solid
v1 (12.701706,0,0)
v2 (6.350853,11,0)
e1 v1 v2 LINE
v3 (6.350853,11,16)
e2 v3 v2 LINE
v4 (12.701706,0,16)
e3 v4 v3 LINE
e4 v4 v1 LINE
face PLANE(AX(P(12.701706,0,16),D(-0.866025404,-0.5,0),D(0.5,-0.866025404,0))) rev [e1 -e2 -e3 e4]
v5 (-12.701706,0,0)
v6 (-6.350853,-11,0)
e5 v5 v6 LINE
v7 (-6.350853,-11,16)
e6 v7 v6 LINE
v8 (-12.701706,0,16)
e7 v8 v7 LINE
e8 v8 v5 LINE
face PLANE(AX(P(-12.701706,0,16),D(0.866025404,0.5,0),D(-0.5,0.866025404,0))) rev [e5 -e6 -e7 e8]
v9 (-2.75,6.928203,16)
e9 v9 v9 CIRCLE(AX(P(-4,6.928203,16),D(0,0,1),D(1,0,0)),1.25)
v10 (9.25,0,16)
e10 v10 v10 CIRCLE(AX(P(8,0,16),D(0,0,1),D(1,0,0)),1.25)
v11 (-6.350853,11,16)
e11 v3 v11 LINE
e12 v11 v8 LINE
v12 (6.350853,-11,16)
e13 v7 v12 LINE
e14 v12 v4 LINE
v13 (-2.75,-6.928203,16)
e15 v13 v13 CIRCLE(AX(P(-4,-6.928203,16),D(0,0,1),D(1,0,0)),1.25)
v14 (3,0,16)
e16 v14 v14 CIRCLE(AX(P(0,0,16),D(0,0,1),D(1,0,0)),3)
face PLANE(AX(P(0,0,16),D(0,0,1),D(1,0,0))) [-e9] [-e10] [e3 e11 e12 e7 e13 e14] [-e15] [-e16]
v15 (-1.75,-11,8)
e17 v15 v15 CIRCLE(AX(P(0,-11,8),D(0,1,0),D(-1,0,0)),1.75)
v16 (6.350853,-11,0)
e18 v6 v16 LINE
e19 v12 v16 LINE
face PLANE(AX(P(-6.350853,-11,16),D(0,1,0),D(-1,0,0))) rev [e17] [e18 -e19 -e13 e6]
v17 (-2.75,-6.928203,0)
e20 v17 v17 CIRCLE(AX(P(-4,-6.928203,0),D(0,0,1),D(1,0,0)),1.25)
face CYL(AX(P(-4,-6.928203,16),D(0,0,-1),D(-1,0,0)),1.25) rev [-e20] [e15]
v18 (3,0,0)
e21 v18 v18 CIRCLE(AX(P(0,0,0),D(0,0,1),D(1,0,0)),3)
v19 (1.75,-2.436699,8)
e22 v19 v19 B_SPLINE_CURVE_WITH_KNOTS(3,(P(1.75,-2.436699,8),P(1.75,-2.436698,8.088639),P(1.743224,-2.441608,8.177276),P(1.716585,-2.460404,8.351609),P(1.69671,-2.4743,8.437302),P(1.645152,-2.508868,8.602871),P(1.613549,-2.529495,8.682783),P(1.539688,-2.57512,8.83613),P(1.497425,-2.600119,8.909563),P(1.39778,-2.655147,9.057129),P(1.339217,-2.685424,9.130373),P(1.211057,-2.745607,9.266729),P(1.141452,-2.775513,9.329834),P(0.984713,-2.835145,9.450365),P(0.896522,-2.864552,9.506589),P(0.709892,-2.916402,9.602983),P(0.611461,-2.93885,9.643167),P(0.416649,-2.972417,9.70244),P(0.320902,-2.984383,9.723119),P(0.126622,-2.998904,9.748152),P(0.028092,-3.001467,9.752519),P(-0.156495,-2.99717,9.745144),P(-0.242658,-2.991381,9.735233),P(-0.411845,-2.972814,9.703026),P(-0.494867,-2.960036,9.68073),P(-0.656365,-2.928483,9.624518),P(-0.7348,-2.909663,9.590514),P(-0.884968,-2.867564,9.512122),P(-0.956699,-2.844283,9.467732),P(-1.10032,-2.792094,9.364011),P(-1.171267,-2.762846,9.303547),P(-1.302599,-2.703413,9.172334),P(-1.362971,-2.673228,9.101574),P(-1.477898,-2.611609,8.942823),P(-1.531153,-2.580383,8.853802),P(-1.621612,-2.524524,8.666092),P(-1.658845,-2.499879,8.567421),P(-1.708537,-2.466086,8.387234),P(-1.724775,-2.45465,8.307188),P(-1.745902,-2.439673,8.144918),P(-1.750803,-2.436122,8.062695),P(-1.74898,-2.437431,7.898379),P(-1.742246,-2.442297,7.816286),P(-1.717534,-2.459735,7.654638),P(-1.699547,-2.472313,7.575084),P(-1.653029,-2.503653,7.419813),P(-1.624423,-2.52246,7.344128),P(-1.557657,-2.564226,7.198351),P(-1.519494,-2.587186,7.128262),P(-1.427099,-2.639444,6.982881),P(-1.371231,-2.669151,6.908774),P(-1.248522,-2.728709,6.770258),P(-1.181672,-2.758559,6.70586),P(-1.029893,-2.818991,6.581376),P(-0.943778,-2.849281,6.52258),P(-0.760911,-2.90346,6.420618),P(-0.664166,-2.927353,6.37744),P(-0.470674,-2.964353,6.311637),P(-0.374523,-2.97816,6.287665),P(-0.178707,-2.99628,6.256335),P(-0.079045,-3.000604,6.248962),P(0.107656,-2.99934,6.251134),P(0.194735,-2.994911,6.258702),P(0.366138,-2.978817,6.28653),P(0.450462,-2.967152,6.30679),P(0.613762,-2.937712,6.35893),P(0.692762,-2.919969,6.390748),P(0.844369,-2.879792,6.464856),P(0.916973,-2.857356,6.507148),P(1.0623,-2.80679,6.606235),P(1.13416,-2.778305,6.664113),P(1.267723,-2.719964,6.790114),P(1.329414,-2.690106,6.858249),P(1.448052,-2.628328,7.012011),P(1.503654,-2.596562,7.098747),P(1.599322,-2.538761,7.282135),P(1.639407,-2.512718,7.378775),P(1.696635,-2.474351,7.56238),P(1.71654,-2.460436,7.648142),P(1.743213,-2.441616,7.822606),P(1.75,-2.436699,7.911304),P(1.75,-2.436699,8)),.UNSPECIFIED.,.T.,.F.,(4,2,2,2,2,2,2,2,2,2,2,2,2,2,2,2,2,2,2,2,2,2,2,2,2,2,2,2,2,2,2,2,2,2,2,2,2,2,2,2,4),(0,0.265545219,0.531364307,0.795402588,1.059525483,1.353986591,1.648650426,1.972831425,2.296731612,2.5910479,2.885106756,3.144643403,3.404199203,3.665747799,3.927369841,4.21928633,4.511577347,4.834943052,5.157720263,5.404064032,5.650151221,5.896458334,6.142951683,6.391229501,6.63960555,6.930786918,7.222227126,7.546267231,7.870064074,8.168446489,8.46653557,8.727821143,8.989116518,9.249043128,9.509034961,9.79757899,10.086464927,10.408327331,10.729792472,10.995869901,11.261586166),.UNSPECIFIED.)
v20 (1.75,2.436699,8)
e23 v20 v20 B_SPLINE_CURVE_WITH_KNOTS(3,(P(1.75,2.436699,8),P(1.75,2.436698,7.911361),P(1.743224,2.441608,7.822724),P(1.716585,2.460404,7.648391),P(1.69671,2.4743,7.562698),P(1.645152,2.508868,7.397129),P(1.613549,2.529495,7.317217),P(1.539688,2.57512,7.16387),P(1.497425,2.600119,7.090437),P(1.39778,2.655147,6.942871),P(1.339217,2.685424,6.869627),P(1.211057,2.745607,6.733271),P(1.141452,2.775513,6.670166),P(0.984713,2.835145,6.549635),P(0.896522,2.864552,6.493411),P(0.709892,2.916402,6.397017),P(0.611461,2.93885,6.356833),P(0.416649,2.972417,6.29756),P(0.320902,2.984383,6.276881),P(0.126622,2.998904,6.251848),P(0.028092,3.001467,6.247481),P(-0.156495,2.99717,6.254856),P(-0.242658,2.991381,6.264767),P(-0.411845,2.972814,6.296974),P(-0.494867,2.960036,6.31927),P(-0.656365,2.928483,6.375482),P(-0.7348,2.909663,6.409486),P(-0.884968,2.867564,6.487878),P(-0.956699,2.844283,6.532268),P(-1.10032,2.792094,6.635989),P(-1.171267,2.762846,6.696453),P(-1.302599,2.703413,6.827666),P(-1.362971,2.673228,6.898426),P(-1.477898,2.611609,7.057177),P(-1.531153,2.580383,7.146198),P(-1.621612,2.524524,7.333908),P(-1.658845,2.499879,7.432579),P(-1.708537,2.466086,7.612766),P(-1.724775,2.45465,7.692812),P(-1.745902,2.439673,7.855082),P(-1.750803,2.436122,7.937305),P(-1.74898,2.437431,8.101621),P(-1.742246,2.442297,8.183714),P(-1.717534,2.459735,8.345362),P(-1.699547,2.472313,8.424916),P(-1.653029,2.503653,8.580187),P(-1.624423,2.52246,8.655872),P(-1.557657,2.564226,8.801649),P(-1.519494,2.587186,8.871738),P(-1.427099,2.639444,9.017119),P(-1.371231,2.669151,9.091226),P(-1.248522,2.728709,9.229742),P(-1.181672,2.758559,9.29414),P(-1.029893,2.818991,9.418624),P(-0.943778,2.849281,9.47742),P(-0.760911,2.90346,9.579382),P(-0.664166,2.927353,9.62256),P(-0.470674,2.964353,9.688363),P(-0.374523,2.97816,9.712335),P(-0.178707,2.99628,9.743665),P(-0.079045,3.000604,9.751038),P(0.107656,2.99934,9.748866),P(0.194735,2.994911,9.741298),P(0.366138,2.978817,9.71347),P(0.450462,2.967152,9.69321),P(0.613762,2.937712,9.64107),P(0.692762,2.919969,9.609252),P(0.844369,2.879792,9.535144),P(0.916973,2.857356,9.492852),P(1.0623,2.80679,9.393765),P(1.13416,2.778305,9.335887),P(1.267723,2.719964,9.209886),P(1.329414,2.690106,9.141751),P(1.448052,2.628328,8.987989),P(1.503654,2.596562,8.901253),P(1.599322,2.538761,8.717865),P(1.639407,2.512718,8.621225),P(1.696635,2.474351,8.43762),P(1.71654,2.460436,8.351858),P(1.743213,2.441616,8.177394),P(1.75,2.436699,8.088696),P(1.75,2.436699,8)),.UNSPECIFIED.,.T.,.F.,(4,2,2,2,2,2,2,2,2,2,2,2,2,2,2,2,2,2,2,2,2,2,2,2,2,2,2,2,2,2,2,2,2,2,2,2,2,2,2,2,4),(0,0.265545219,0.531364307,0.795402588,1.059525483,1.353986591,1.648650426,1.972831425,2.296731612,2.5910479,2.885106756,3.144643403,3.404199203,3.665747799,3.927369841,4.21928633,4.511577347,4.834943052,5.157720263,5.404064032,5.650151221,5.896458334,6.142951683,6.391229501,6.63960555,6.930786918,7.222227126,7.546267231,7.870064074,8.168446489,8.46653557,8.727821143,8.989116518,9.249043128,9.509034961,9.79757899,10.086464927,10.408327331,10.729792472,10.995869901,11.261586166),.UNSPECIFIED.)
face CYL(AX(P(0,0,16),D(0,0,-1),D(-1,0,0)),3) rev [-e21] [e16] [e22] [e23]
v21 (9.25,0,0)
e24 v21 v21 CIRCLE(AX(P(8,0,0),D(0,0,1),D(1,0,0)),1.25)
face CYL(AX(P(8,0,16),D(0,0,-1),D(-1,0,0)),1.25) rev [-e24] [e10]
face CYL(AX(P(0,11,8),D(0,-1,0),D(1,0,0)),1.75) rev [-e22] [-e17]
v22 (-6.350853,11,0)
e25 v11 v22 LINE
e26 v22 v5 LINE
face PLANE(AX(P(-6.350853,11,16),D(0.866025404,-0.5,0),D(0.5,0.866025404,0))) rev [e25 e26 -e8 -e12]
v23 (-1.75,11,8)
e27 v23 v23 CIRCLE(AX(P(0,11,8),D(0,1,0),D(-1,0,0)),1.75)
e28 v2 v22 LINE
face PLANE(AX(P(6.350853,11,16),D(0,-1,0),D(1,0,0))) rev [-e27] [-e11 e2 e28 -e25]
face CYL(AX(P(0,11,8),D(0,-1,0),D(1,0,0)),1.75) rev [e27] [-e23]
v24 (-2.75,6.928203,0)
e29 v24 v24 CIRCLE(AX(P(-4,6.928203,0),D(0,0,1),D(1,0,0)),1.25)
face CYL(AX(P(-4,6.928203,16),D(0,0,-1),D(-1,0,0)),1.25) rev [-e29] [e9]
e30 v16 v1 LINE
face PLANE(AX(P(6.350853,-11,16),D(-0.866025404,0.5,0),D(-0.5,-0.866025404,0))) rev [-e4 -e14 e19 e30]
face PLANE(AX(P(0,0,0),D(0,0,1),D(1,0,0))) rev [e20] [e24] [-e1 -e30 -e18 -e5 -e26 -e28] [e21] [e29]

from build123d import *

# Parameters (mm, degrees)
ESQUISSE1_R             = 3
ESQUISSE1_R_2           = 1.25
BOSS_EXTRU_1_DEPTH      = 16
ESQUISSE2_R             = 1.75
ENL_V_MAT_EXTRU_1_DEPTH = 45.093178542


with BuildPart() as part:
    # Esquisse1 → Boss.-Extru.1 (new body)
    with BuildSketch(Plane.XY):
        Polygon((12.701705922, 0), (6.350852961, 11), (-6.350852961, 11), (-12.701705922, 0), (-6.350852961, -11), (6.350852961, -11), align=None)
        Circle(ESQUISSE1_R, mode=Mode.SUBTRACT)
        with Locations((-4, -6.92820323)):
            Circle(ESQUISSE1_R_2, mode=Mode.SUBTRACT)
        with Locations((8, 0)):
            Circle(ESQUISSE1_R_2, mode=Mode.SUBTRACT)
        with Locations((-4, 6.92820323)):
            Circle(ESQUISSE1_R_2, mode=Mode.SUBTRACT)
    extrude(amount=BOSS_EXTRU_1_DEPTH)

    # Esquisse2 → Enlèv. mat.-Extru.1 (cut, through all)
    with BuildSketch(Plane(origin=(22, -11, 0), x_dir=(1, 0, 0), z_dir=(0, 1, 0))):
        with Locations((-22, -8)):
            Circle(ESQUISSE2_R)
    extrude(amount=ENL_V_MAT_EXTRU_1_DEPTH, mode=Mode.SUBTRACT)


solid = part.part
